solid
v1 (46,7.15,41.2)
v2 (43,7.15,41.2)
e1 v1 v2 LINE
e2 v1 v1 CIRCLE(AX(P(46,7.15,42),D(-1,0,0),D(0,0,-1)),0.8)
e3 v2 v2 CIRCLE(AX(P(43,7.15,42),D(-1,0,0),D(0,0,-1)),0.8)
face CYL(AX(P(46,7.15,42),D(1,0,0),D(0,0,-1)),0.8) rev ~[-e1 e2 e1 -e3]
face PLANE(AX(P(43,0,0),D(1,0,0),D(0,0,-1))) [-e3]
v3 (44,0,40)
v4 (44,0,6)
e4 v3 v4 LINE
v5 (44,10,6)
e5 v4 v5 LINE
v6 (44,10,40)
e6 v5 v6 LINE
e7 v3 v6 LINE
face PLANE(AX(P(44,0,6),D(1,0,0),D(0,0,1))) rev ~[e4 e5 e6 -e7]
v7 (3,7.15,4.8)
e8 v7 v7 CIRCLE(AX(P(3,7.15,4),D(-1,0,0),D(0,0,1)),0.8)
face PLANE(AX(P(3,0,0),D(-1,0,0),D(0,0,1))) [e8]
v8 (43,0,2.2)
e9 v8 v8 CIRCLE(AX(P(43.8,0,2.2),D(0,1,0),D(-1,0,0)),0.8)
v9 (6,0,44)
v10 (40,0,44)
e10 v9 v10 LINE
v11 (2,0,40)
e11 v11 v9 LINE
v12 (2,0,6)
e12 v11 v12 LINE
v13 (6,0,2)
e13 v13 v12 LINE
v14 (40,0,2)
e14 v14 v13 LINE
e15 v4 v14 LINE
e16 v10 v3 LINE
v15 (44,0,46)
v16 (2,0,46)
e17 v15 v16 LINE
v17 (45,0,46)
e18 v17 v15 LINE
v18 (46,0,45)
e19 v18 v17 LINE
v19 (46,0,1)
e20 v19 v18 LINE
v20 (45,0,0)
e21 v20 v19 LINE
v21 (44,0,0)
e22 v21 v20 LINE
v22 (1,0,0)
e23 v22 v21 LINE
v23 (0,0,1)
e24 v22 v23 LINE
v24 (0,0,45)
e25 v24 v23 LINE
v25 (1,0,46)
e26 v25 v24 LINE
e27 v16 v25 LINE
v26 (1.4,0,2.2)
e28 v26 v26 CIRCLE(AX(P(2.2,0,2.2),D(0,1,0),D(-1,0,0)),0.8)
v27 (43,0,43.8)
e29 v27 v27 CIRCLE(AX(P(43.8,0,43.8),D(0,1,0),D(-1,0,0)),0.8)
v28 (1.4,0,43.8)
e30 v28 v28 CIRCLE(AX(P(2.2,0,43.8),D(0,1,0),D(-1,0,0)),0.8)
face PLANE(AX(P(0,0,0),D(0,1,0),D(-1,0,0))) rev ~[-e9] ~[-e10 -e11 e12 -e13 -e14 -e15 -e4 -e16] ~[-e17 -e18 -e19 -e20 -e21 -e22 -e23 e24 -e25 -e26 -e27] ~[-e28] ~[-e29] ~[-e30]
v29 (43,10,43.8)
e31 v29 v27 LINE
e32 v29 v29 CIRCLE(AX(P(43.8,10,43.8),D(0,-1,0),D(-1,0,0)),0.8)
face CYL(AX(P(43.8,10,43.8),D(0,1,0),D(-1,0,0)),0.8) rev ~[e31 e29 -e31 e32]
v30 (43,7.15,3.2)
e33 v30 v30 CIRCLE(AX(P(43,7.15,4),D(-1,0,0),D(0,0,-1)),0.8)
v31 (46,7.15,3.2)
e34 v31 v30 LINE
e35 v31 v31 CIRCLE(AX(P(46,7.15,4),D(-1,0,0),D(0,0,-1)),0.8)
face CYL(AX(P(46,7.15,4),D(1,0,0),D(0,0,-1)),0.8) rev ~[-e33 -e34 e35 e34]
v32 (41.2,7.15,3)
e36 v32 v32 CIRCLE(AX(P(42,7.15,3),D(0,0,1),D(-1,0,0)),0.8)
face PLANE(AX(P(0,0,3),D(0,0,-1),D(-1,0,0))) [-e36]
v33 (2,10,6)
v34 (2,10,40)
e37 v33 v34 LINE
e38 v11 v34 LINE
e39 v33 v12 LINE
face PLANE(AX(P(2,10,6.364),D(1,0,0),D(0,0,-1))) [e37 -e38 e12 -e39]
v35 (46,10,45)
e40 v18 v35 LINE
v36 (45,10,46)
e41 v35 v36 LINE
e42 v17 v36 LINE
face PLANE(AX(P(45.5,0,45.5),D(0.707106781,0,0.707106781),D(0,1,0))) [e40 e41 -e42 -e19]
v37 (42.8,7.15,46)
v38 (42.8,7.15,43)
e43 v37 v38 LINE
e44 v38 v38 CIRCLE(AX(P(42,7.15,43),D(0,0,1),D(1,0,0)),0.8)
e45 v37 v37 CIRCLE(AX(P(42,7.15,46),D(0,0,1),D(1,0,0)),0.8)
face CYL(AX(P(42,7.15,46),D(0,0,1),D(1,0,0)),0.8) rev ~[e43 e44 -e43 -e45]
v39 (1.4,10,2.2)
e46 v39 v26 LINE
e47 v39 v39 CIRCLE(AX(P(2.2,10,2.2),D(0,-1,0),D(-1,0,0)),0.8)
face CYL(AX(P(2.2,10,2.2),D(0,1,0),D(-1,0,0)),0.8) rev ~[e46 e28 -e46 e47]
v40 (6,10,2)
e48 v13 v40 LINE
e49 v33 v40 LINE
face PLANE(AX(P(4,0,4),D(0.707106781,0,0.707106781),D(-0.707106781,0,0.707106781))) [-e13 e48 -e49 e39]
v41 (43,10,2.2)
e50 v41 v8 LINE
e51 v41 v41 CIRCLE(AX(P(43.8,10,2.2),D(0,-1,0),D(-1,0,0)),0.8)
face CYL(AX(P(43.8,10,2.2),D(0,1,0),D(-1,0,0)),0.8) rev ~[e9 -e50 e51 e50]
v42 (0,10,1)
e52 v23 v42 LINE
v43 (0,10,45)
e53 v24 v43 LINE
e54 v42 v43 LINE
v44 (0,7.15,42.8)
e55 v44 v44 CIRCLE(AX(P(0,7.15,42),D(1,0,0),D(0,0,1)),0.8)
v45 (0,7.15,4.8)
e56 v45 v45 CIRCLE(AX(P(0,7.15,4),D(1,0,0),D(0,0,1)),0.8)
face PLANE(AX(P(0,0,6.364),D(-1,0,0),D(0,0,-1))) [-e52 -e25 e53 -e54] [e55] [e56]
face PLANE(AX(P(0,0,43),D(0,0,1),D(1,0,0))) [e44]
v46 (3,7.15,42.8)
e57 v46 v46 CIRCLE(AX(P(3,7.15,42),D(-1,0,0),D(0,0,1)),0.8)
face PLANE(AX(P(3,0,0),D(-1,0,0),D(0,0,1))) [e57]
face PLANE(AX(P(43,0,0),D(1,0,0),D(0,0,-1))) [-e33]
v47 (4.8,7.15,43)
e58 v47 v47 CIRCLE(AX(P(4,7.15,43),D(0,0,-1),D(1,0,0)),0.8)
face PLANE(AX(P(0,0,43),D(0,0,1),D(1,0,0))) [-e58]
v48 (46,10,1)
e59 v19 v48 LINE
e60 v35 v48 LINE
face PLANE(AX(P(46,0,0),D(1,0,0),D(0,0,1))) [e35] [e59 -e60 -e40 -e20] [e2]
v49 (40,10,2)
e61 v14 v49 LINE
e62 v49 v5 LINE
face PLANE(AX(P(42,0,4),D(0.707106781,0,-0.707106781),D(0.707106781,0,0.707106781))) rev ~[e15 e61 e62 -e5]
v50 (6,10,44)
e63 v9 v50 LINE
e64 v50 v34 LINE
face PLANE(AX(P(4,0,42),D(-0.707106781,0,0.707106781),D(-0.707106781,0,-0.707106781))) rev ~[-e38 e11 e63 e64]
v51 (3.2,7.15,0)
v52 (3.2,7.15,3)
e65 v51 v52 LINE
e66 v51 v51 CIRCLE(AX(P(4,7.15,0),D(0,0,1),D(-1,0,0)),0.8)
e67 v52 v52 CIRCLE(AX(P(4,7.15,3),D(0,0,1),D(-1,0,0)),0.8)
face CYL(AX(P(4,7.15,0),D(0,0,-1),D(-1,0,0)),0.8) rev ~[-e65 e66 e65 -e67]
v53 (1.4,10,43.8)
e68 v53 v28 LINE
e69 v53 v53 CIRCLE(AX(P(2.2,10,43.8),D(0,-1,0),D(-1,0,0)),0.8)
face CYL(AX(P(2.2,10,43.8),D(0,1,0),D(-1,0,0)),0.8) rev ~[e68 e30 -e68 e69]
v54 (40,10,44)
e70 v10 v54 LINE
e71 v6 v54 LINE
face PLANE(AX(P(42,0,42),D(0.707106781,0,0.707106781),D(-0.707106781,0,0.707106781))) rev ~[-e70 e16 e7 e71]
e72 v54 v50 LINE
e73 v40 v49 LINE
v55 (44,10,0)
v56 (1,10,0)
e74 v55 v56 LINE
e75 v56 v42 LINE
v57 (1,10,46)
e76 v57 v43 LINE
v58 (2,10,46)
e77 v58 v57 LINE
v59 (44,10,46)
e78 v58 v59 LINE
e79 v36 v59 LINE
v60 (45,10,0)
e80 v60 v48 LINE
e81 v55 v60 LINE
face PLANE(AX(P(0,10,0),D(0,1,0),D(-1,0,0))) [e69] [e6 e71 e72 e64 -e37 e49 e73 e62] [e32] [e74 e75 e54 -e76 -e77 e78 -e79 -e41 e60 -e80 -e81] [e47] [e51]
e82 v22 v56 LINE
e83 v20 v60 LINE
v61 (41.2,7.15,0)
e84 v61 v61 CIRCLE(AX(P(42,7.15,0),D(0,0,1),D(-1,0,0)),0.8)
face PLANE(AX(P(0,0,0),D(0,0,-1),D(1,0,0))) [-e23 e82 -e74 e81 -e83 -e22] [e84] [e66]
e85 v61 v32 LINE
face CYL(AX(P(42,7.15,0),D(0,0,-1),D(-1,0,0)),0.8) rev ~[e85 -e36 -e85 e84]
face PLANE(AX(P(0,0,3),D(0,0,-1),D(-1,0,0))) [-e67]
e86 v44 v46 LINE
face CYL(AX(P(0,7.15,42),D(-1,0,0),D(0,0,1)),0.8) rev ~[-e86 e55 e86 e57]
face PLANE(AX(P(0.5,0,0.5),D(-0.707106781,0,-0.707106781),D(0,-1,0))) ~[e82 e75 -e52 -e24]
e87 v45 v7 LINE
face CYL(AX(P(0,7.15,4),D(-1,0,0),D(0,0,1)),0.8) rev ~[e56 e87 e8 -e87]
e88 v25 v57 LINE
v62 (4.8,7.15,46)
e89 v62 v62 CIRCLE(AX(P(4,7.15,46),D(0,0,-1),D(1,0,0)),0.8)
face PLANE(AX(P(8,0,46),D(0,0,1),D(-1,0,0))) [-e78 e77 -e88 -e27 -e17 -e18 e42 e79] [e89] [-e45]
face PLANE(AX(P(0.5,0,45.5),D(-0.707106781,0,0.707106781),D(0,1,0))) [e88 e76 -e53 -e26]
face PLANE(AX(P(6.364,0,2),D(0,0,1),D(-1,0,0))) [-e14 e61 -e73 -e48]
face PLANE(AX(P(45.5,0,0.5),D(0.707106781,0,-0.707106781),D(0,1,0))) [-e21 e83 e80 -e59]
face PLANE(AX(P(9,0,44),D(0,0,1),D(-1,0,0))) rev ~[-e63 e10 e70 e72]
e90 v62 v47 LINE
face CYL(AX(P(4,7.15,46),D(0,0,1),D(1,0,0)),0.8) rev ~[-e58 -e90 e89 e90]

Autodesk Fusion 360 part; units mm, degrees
sketch "Sketch1" plane through (0, 0, 0) normal (0, 1, 0) x (1, 0, 0)
  line L0 (0, 0) -> (46, 0)
  line L1 (46, 0) -> (46, -46)
  line L2 (46, -46) -> (0, -46)
  line L3 (0, -46) -> (0, 0)
  line L4 (0, 0) -> (6.364, -6.364)
  line L5 (0, 0) -> (9, 0) construction
  line L6 (6.364, -6.364) -> (0, -6.364)
  line L7 (0, -6.364) -> (0, 0)
  line L8 (0, 0) -> (6.364, 0)
  line L9 (6.364, 0) -> (6.364, -6.364)
  line L10 (46, -46) -> (37, -46)
  line L11 (37, -46) -> (37, -37)
  line L12 (37, -37) -> (46, -37)
  line L13 (46, -37) -> (46, -46)
  line L14 (46, 0) -> (37, 0)
  line L15 (37, 0) -> (37, -9)
  line L16 (37, -9) -> (46, -9)
  line L17 (46, -9) -> (46, 0)
  line L18 (0, -46) -> (9, -46)
  line L19 (9, -46) -> (9, -37)
  line L20 (9, -37) -> (0, -37)
  line L21 (0, -37) -> (0, -46)
  line L22 (0, -46) -> (2, -46)
  line L23 (2, -46) -> (2, -44)
  circle A0 centre (2, -44) radius 1
  circle A1 centre (2, -44) radius 0.8
  line L24 (23, 0) -> (23, -46)
  line L25 (23, -23) -> (42, -23)
  line L26 (42, -23) -> (42, -42)
  line L27 (42, -42) -> (4, -42)
  line L28 (4, -42) -> (4, -4)
  line L29 (4, -4) -> (42, -4)
  line L30 (42, -4) -> (42, -42)
  line L31 (4, -42) -> (8, -46)
  line L32 (4, -42) -> (9.6569, -42) construction
  line L33 (8, -46) -> (0, -38)
  line L34 (46, -46) -> (44, -46)
  line L35 (44, -46) -> (44, -44)
  circle A2 centre (44, -44) radius 0.8
  line L36 (42, -42) -> (46, -38)
  line L37 (42, -42) -> (38, -46)
  line L38 (46, 0) -> (44, 0)
  line L39 (44, 0) -> (44, -2)
  circle A3 centre (44, -2) radius 0.8
  line L40 (42, -4) -> (46, -8)
  line L41 (46, -8) -> (38, 0)
  line L42 (4, -4) -> (8, 0)
  line L43 (4, -4) -> (0, -8)
  line L44 (0, 0) -> (1.4142, -1.4142)
  circle A4 centre (1.4142, -1.4142) radius 0.8
  line L45 (23, 0) -> (23, -2)
  line L46 (40, -2) -> (6, -2)
  line L47 (44, -6) -> (44, -40)
  line L48 (40, -44) -> (6, -44)
  line L49 (2, -40) -> (2, -6)
  dimension "d1" = 46
  dimension "d2" = 46
  dimension "d3" = 45
  dimension "d4" = 9
  dimension "d5" = 9
  dimension "d6" = 9
  dimension "d7" = 9
  dimension "d8" = 9
  dimension "d9" = 9
  dimension "d10" = 2
  dimension "d11" = 1.6
  dimension "d12" = 19
  dimension "d13" = 19
  dimension "d14" = 45
  dimension "d15" = 1.6
extrude "Extrude1" add sketch "Sketch1" along normal blind 10 contours L3 L4 L6 L7 L43 L44 A4 | L0 L4 L8 L9 L42 L44 A4 | L0 L9 L42 | L3 L6 L43 | L0 L9 L24 L42 L45 L46 | L9 L42 L46 | L3 L6 L20 L43 L49 | L0 L15 L24 L45 L46 | L3 L20 L21 L33 L49 | L0 L14 L15 L41 L46 | L2 L3 L18 L21 L22 L31 L33 | L0 L1 L14 L17 L38 L40 L41 | L2 L18 L19 L31 L33 L48 | L1 L16 L17 L40 L41 L47 | L2 L11 L24 L48 | L2 L19 L24 L48 | L1 L12 L16 L47 | L2 L10 L11 L37 L48 | L1 L2 L10 L13 L34 L36 L37 | L1 L12 L13 L36 L47
sketch "Sketch2" plane through (46, 0, 0) normal (1, 0, 0) x (0, 0, -1)
  line L0 (-46, 0) -> (0, 0)
  line L1 (0, 0) -> (0, 10)
  line L2 (0, 10) -> (-46, 10)
  line L3 (-46, 10) -> (-46, 0)
  line L4 (-43, 0) -> (-43, 7.15)
  line L5 (-43, 7.15) -> (-46.6287, 7.15)
  line L6 (-46, 7.15) -> (-42, 7.15)
  circle A0 centre (-42, 7.15) radius 0.8
extrude "Extrude2" cut sketch "Sketch2" against normal blind 3 contours A0
sketch "Sketch3" plane through (0, 0, 46) normal (0, 0, 1) x (1, 0, 0)
  line L0 (0, 0) -> (46, 0)
  line L1 (46, 0) -> (46, 10)
  line L2 (46, 10) -> (0, 10)
  line L3 (0, 10) -> (0, 0)
  line L4 (43.2, 0) -> (43.2, 7.15)
  line L5 (43.2, 7.15) -> (46.5827, 7.15)
  line L6 (46, 7.15) -> (42, 7.15)
  circle A0 centre (42, 7.15) radius 0.8
  dimension "d20" = 7.15
  dimension "d21" = 1.6
extrude "Extrude3" cut sketch "Sketch3" against normal blind 3 contours A0
sketch "Sketch4" plane through (46, 0, 0) normal (1, 0, 0) x (0, 0, -1)
  circle A0 centre (-42, 7.15) radius 0.8
  line L0 (-46, 0) -> (0, 0)
  line L1 (0, 0) -> (0, 10)
  line L2 (0, 10) -> (-46, 10)
  line L3 (-46, 10) -> (-46, 0)
  line L4 (0, 0) -> (-4, 0)
  line L5 (-4, 0) -> (-4, 7.15)
  circle A1 centre (-4, 7.15) radius 0.8
extrude "Extrude4" cut sketch "Sketch4" against normal blind 3 contours A1
sketch "Sketch5" plane through (0, 0, 0) normal (0, 0, -1) x (-1, 0, 0)
  line L0 (-46, 0) -> (0, 0)
  line L1 (0, 0) -> (0, 10)
  line L2 (0, 10) -> (-46, 10)
  line L3 (-46, 10) -> (-46, 0)
  line L4 (-46, 0) -> (-42, 0)
  line L5 (-42, 0) -> (-42, 7.15)
  circle A0 centre (-42, 7.15) radius 0.8
extrude "Extrude5" cut sketch "Sketch5" against normal blind 3 contours A0
sketch "Sketch6" plane through (0, 0, 0) normal (0, 0, -1) x (-1, 0, 0)
  circle A0 centre (-42, 7.15) radius 0.8
  line L0 (-46, 0) -> (0, 0)
  line L1 (0, 0) -> (0, 10)
  line L2 (0, 10) -> (-46, 10)
  line L3 (-46, 10) -> (-46, 0)
  line L4 (0, 0) -> (-4, 0)
  line L5 (-4, 0) -> (-4, 7.15)
  circle A1 centre (-4, 7.15) radius 0.8
extrude "Extrude6" cut sketch "Sketch6" against normal blind 3 contours A1
sketch "Sketch7" plane through (0, 0, 0) normal (-1, 0, 0) x (0, 0, 1)
  line L0 (0, 0) -> (46, 0)
  line L1 (46, 0) -> (46, 10)
  line L2 (46, 10) -> (0, 10)
  line L3 (0, 10) -> (0, 0)
  line L4 (0, 0) -> (4, 0)
  line L5 (4, 0) -> (4, 7.15)
  line L6 (46, 0) -> (42, 0)
  line L7 (42, 0) -> (42, 7.15)
  circle A0 centre (42, 7.15) radius 0.8
  circle A1 centre (4, 7.15) radius 0.8
extrude "Extrude7" cut sketch "Sketch7" against normal blind 3 contours A1 | A0
sketch "Sketch8" plane through (0, 10, 0) normal (0, 1, 0) x (-1, 0, 0)
  circle A0 centre (-1.4142, 1.4142) radius 0.8
  circle A1 centre (-44, 2) radius 0.8
  line L0 (-44, 40) -> (-42, 42)
  line L1 (-42, 42) -> (-40, 44)
  line L2 (-40, 44) -> (-6, 44)
  line L3 (-6, 44) -> (-2, 40)
  line L4 (-2, 40) -> (-2, 6.364)
  line L5 (-2, 6.364) -> (-1.636, 6.364)
  line L6 (-1.636, 6.364) -> (-6, 2)
  line L7 (-6, 2) -> (-40, 2)
  line L8 (-40, 2) -> (-44, 6)
  line L9 (-44, 6) -> (-44, 40)
  circle A2 centre (-44, 44) radius 0.8
  circle A3 centre (-2, 44) radius 1
  line L10 (-46, 46) -> (-46, 0)
  line L11 (-46, 0) -> (0, 0)
  line L12 (0, 0) -> (0, 46)
  line L13 (0, 46) -> (-46, 46)
  circle A4 centre (-2, 44) radius 1
  circle A5 centre (-2, 44) radius 0.8
extrude "Extrude8" add sketch "Sketch8" against normal blind 10 contours A3 A4
sketch "Sketch9" plane through (0, 0, 46) normal (0, 0, 1) x (1, 0, 0)
  circle A0 centre (42, 7.15) radius 0.8
  line L0 (0, 0) -> (46, 0)
  line L1 (46, 0) -> (46, 10)
  line L2 (46, 10) -> (0, 10)
  line L3 (0, 10) -> (0, 0)
  line L4 (0, 0) -> (4, 0)
  line L5 (4, 0) -> (4, 7.15)
  circle A1 centre (4, 7.15) radius 0.8
extrude "Extrude9" cut sketch "Sketch9" against normal blind 3 contours A1
sketch "Sketch10" plane through (0, 10, 0) normal (0, 1, 0) x (-1, 0, 0)
  circle A0 centre (-2, 44) radius 0.8
  circle A1 centre (-1.4142, 1.4142) radius 0.8
  circle A2 centre (-44, 2) radius 0.8
  line L0 (-44, 40) -> (-42, 42)
  line L1 (-42, 42) -> (-40, 44)
  line L2 (-40, 44) -> (-6, 44)
  line L3 (-6, 44) -> (-2, 40)
  line L4 (-2, 40) -> (-2, 6.364)
  line L5 (-2, 6.364) -> (-1.636, 6.364)
  line L6 (-1.636, 6.364) -> (-6, 2)
  line L7 (-6, 2) -> (-40, 2)
  line L8 (-40, 2) -> (-44, 6)
  line L9 (-44, 6) -> (-44, 40)
  circle A3 centre (-44, 44) radius 0.8
  line L10 (-46, 46) -> (-46, 0)
  line L11 (-46, 0) -> (0, 0)
  line L12 (0, 0) -> (0, 46)
  line L13 (0, 46) -> (-46, 46)
  line L14 (-2, 6.364) -> (-2, 5.5)
  line L15 (-2, 5.5) -> (-1.568, 5.932)
  line L16 (-1.568, 5.932) -> (-1.5, 7)
  line L17 (-1.5, 7) -> (-2, 6.364)
extrude "Extrude10" add sketch "Sketch10" against normal blind 10 contours L5 L6 L14
sketch "Sketch11" plane through (0, 10, 0) normal (0, 1, 0) x (-1, 0, 0)
  circle A0 centre (-2, 44) radius 0.8
  circle A1 centre (-1.4142, 1.4142) radius 0.8
  circle A2 centre (-44, 2) radius 0.8
  line L0 (-44, 40) -> (-42, 42)
  line L1 (-42, 42) -> (-40, 44)
  line L2 (-40, 44) -> (-6, 44)
  line L3 (-6, 44) -> (-2, 40)
  line L4 (-2, 40) -> (-2, 6)
  line L5 (-2, 6) -> (-6, 2)
  line L6 (-6, 2) -> (-40, 2)
  line L7 (-40, 2) -> (-44, 6)
  line L8 (-44, 6) -> (-44, 40)
  circle A3 centre (-44, 44) radius 0.8
  line L9 (-46, 46) -> (-46, 0)
  line L10 (-46, 0) -> (0, 0)
  line L11 (0, 0) -> (0, 46)
  line L12 (0, 46) -> (-46, 46)
  circle A4 centre (-1.4142, 1.4142) radius 0.8
extrude "Extrude11" add sketch "Sketch11" against normal blind 10 contours A1 A4
sketch "Sketch12" plane through (0, 10, 0) normal (0, 1, 0) x (-1, 0, 0)
  circle A0 centre (-2, 44) radius 0.8
  circle A1 centre (-44, 2) radius 0.8
  line L0 (-44, 40) -> (-42, 42)
  line L1 (-42, 42) -> (-40, 44)
  line L2 (-40, 44) -> (-6, 44)
  line L3 (-6, 44) -> (-2, 40)
  line L4 (-2, 40) -> (-2, 6)
  line L5 (-2, 6) -> (-6, 2)
  line L6 (-6, 2) -> (-40, 2)
  line L7 (-40, 2) -> (-44, 6)
  line L8 (-44, 6) -> (-44, 40)
  circle A2 centre (-44, 44) radius 0.8
  line L9 (-46, 46) -> (-46, 0)
  line L10 (-46, 0) -> (0, 0)
  line L11 (0, 0) -> (0, 46)
  line L12 (0, 46) -> (-46, 46)
  line L13 (0, 0) -> (-2, 0)
  line L14 (-2, 0) -> (-2, 2)
  circle A3 centre (-2, 2) radius 0.8
extrude "Extrude12" cut sketch "Sketch12" against normal blind 24.5 contours A3
chamfer "Chamfer1" distance 1 angle 45 4 edges at (0, 5, 0) (0, 5, 46) (46, 5, 46) (46, 5, 0)
sketch "Sketch13" plane through (0, 10, 0) normal (0, 1, 0) x (-1, 0, 0)
  line L0 (-46, 1) -> (-45, 0)
  line L1 (-45, 0) -> (-1, 0)
  line L2 (-1, 0) -> (0, 1)
  line L3 (0, 1) -> (0, 45)
  line L4 (0, 45) -> (-1, 46)
  line L5 (-1, 46) -> (-45, 46)
  line L6 (-45, 46) -> (-46, 45)
  line L7 (-46, 45) -> (-46, 1)
  circle A0 centre (-2, 2) radius 0.8
  circle A1 centre (-2, 44) radius 0.8
  circle A2 centre (-44, 2) radius 0.8
  line L8 (-44, 40) -> (-42, 42)
  line L9 (-42, 42) -> (-40, 44)
  line L10 (-40, 44) -> (-6, 44)
  line L11 (-6, 44) -> (-2, 40)
  line L12 (-2, 40) -> (-2, 6)
  line L13 (-2, 6) -> (-6, 2)
  line L14 (-6, 2) -> (-40, 2)
  line L15 (-40, 2) -> (-44, 6)
  line L16 (-44, 6) -> (-44, 40)
  circle A3 centre (-44, 44) radius 0.8
extrude "Extrude13" add sketch "Sketch13" against normal blind 10 contours A0 | A1 | A2 | A3
sketch "Sketch14" plane through (0, 10, 0) normal (0, 1, 0) x (-1, 0, 0)
  line L0 (-46, 1) -> (-45, 0)
  line L1 (-45, 0) -> (-1, 0)
  line L2 (-1, 0) -> (0, 1)
  line L3 (0, 1) -> (0, 45)
  line L4 (0, 45) -> (-1, 46)
  line L5 (-1, 46) -> (-45, 46)
  line L6 (-45, 46) -> (-46, 45)
  line L7 (-46, 45) -> (-46, 1)
  line L8 (-44, 40) -> (-42, 42)
  line L9 (-42, 42) -> (-40, 44)
  line L10 (-40, 44) -> (-6, 44)
  line L11 (-6, 44) -> (-2, 40)
  line L12 (-2, 40) -> (-2, 6)
  line L13 (-2, 6) -> (-6, 2)
  line L14 (-6, 2) -> (-40, 2)
  line L15 (-40, 2) -> (-44, 6)
  line L16 (-44, 6) -> (-44, 40)
  line L17 (0, 0) -> (-2.2, 0)
  line L18 (-2.2, 0) -> (-2.2, 2.2)
  line L19 (-46, 0) -> (-46, 2.2)
  line L20 (-46, 2.2) -> (-43.8, 2.2)
  line L21 (-46, 46) -> (-46, 43.8)
  line L22 (-46, 43.8) -> (-43.8, 43.8)
  line L23 (0, 46) -> (-2.2, 46)
  line L24 (-2.2, 46) -> (-2.2, 43.8)
  circle A0 centre (-2.2, 43.8) radius 0.8
  circle A1 centre (-43.8, 43.8) radius 0.8
  circle A2 centre (-43.8, 2.2) radius 0.8
  circle A3 centre (-2.2, 2.2) radius 0.8
  dimension "d46" = 2.2
  dimension "d47" = 1.6
extrude "Extrude14" cut sketch "Sketch14" against normal blind 20 contours A3 | A0 | A1 | A2
